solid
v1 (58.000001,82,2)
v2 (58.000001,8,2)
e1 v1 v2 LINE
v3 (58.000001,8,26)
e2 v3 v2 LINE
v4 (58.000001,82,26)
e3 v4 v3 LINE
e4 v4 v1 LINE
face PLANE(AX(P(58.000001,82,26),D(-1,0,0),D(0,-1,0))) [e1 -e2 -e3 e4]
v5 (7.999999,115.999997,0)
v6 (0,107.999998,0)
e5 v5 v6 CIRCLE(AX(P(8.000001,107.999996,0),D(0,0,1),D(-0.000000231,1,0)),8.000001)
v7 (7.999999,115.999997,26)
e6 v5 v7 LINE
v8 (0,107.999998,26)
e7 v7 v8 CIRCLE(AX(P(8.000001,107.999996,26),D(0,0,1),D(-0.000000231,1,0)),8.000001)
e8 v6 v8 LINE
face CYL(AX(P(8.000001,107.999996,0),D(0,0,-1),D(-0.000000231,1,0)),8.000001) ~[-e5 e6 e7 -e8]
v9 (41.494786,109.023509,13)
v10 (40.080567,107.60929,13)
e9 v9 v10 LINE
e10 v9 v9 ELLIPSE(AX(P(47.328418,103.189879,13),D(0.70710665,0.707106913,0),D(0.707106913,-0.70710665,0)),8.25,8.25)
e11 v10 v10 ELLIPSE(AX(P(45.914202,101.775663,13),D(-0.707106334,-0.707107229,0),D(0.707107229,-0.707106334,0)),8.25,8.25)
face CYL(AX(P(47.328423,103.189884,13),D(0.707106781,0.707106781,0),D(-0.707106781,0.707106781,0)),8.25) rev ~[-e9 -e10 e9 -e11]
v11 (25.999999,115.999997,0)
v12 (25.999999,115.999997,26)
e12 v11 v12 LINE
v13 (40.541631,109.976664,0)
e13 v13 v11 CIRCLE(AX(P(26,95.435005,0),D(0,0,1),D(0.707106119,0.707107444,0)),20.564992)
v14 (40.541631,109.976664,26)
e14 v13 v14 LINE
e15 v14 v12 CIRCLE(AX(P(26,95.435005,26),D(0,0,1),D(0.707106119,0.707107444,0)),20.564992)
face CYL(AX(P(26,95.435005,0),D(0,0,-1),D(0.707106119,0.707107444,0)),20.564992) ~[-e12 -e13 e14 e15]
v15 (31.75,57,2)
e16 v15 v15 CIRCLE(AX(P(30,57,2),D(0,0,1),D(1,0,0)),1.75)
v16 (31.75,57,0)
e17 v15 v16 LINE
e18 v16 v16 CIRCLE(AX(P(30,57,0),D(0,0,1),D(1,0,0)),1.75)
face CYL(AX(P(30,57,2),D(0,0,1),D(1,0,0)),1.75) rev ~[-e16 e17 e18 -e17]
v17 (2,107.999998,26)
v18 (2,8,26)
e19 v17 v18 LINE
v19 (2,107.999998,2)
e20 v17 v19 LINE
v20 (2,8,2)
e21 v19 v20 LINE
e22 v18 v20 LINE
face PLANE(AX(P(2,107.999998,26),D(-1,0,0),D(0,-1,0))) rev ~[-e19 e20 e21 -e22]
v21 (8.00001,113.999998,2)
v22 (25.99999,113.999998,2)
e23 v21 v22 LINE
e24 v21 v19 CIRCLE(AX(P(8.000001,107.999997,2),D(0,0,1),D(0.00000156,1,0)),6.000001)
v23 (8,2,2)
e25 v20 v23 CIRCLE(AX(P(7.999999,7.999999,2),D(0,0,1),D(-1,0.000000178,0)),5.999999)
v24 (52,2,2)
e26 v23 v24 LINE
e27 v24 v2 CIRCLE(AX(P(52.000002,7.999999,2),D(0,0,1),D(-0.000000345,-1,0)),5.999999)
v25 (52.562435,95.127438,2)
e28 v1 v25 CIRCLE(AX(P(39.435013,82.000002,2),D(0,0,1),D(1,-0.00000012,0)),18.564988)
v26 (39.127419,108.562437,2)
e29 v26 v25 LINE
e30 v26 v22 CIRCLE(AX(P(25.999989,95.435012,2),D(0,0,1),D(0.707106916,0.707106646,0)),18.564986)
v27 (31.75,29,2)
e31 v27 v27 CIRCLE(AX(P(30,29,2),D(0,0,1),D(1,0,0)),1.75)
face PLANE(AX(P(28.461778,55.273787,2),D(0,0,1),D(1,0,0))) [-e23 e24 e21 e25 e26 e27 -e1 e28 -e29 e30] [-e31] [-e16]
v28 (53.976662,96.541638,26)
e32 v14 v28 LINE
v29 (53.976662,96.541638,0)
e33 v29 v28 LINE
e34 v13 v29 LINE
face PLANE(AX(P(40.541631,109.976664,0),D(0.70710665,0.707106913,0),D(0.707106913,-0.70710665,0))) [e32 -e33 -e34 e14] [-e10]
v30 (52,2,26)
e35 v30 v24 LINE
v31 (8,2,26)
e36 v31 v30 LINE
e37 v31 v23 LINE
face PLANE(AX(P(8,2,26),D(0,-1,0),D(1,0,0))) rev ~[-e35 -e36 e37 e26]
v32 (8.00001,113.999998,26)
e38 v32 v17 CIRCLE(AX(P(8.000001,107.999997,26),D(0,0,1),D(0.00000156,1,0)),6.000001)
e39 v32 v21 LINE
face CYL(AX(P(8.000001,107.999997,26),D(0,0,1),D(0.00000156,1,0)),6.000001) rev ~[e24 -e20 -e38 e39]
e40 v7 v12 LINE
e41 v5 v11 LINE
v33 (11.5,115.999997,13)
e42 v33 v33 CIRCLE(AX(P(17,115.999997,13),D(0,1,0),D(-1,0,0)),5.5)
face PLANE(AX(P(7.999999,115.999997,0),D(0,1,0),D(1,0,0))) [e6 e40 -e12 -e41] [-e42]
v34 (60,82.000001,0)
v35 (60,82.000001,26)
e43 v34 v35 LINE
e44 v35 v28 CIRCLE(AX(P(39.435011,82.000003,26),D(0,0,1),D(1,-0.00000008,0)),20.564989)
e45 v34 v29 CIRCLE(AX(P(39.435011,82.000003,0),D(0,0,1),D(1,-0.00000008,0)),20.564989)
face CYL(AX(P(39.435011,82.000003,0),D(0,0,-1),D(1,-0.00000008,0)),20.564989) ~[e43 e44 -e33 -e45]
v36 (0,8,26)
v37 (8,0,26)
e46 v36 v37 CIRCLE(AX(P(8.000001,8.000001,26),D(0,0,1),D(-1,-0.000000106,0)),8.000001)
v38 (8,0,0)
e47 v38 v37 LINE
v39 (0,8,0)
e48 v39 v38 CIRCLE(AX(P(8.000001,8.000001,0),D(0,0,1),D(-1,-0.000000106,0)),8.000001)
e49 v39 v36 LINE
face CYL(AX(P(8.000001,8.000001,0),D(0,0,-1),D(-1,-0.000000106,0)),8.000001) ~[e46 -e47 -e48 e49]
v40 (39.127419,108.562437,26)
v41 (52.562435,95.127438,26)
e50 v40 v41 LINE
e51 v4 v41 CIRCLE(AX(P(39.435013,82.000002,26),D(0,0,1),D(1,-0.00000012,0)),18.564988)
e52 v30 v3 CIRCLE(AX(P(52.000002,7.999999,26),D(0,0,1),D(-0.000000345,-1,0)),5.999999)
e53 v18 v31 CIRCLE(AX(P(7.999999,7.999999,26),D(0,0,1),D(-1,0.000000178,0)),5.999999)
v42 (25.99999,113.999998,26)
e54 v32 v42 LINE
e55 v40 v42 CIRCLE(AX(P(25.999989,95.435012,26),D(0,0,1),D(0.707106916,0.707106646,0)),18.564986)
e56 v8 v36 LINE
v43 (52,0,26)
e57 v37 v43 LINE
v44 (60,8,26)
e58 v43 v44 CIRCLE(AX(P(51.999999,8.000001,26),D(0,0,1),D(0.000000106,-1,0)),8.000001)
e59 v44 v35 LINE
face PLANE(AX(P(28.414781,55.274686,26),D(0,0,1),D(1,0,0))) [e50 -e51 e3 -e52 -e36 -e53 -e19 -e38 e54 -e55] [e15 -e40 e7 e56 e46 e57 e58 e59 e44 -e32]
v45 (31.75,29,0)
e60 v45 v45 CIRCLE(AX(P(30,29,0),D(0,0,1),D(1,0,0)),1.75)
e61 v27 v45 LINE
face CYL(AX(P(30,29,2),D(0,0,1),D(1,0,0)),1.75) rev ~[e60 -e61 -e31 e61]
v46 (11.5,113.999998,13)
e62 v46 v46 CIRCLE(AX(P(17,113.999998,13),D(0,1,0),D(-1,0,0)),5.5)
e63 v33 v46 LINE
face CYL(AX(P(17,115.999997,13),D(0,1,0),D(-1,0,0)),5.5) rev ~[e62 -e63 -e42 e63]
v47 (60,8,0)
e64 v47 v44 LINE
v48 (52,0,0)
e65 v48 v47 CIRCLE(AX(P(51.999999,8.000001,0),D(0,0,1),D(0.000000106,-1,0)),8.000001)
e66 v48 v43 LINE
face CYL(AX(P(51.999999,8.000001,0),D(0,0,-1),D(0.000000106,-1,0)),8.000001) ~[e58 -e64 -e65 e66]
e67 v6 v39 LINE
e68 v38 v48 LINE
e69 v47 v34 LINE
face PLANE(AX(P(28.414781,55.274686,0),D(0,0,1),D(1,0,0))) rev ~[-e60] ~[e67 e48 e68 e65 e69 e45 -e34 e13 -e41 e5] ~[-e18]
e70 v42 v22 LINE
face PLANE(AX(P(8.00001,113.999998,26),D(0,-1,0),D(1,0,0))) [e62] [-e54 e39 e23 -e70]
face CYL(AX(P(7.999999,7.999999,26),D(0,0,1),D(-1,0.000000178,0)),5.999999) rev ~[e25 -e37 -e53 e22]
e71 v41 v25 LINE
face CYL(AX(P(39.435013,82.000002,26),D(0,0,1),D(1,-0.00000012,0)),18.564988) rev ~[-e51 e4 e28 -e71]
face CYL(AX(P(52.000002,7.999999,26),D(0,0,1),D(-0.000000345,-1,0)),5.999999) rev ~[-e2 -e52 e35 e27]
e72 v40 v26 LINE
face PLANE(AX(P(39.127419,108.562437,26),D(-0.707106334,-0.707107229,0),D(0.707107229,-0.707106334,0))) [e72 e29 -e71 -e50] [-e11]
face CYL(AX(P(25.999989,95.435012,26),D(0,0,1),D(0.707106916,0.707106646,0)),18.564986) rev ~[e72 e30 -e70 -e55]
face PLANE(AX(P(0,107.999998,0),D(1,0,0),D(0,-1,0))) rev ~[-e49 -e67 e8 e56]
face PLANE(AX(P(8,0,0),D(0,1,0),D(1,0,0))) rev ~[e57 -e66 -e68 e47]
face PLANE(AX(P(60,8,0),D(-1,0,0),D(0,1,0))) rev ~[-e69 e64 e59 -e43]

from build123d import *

# Parameters (mm, degrees)
PAD_DEPTH       = 26
POCKET_DEPTH    = 24
SKETCH002_R     = 8.25
POCKET001_DEPTH = 3
SKETCH003_R     = 5.5
POCKET002_DEPTH = 3
SKETCH004_R     = 1.75
POCKET003_DEPTH = 5


with BuildPart() as part:
    # Sketch → Pad (new body)
    with BuildSketch(Plane.XY):
        with BuildLine():
            Line((60, 8), (60, 82.000001))
            ThreePointArc((60, 82.000001), (58.434586, 89.869877), (53.976662, 96.541638))
            Line((40.541631, 109.976664), (53.976662, 96.541638))
            ThreePointArc((40.541631, 109.976664), (33.869872, 114.434584), (25.999999, 115.999997))
            Line((7.999999, 115.999997), (25.999999, 115.999997))
            ThreePointArc((7.999999, 115.999997), (2.343146, 113.656851), (0, 107.999998))
            Line((0, 107.999998), (0, 8))
            ThreePointArc((0, 8), (2.343146, 2.343146), (8, 0))
            Line((8, 0), (52, 0))
            ThreePointArc((52, 0), (57.656854, 2.343146), (60, 8))
        make_face()
    extrude(amount=PAD_DEPTH)

    # Sketch001 → Pocket (cut)
    with BuildSketch(Plane.XY.offset(26)):
        with BuildLine():
            ThreePointArc((8.00001, 113.999998), (3.757363, 112.242642), (2, 107.999998))
            Line((2, 107.999998), (2, 8))
            ThreePointArc((2, 8), (3.757359, 3.757359), (8, 2))
            Line((8, 2), (52, 2))
            ThreePointArc((52, 2), (56.242642, 3.757359), (58.000001, 8))
            Line((58.000001, 82), (58.000001, 8))
            ThreePointArc((58.000001, 82), (56.586824, 89.104519), (52.562435, 95.127438))
            Line((39.127419, 108.562437), (52.562435, 95.127438))
            ThreePointArc((39.127419, 108.562437), (33.104503, 112.586822), (25.99999, 113.999998))
            Line((8.00001, 113.999998), (25.99999, 113.999998))
        make_face()
    extrude(amount=-POCKET_DEPTH, mode=Mode.SUBTRACT)

    # Sketch002 → Pocket001 (cut)
    with BuildSketch(Plane(origin=(75.259141, 75.259166, 0), x_dir=(-0.707107, 0.707107, 0), z_dir=(0.707107, 0.707107, 0))):
        with Locations((39.5, 13)):
            Circle(SKETCH002_R)
    extrude(amount=-POCKET001_DEPTH, mode=Mode.SUBTRACT)

    # Sketch003 → Pocket002 (cut)
    with BuildSketch(Plane(origin=(0, 115.999997, 0), x_dir=(-1, 0, 0), z_dir=(0, 1, 0))):
        with Locations((-17, 13)):
            Circle(SKETCH003_R)
    extrude(amount=-POCKET002_DEPTH, mode=Mode.SUBTRACT)

    # Sketch004 → Pocket003 (cut)
    with BuildSketch(Plane.XY.offset(2)):
        with Locations((30, 29)):
            Circle(SKETCH004_R)
        with Locations((30, 57)):
            Circle(SKETCH004_R)
    extrude(amount=-POCKET003_DEPTH, mode=Mode.SUBTRACT)


solid = part.part
